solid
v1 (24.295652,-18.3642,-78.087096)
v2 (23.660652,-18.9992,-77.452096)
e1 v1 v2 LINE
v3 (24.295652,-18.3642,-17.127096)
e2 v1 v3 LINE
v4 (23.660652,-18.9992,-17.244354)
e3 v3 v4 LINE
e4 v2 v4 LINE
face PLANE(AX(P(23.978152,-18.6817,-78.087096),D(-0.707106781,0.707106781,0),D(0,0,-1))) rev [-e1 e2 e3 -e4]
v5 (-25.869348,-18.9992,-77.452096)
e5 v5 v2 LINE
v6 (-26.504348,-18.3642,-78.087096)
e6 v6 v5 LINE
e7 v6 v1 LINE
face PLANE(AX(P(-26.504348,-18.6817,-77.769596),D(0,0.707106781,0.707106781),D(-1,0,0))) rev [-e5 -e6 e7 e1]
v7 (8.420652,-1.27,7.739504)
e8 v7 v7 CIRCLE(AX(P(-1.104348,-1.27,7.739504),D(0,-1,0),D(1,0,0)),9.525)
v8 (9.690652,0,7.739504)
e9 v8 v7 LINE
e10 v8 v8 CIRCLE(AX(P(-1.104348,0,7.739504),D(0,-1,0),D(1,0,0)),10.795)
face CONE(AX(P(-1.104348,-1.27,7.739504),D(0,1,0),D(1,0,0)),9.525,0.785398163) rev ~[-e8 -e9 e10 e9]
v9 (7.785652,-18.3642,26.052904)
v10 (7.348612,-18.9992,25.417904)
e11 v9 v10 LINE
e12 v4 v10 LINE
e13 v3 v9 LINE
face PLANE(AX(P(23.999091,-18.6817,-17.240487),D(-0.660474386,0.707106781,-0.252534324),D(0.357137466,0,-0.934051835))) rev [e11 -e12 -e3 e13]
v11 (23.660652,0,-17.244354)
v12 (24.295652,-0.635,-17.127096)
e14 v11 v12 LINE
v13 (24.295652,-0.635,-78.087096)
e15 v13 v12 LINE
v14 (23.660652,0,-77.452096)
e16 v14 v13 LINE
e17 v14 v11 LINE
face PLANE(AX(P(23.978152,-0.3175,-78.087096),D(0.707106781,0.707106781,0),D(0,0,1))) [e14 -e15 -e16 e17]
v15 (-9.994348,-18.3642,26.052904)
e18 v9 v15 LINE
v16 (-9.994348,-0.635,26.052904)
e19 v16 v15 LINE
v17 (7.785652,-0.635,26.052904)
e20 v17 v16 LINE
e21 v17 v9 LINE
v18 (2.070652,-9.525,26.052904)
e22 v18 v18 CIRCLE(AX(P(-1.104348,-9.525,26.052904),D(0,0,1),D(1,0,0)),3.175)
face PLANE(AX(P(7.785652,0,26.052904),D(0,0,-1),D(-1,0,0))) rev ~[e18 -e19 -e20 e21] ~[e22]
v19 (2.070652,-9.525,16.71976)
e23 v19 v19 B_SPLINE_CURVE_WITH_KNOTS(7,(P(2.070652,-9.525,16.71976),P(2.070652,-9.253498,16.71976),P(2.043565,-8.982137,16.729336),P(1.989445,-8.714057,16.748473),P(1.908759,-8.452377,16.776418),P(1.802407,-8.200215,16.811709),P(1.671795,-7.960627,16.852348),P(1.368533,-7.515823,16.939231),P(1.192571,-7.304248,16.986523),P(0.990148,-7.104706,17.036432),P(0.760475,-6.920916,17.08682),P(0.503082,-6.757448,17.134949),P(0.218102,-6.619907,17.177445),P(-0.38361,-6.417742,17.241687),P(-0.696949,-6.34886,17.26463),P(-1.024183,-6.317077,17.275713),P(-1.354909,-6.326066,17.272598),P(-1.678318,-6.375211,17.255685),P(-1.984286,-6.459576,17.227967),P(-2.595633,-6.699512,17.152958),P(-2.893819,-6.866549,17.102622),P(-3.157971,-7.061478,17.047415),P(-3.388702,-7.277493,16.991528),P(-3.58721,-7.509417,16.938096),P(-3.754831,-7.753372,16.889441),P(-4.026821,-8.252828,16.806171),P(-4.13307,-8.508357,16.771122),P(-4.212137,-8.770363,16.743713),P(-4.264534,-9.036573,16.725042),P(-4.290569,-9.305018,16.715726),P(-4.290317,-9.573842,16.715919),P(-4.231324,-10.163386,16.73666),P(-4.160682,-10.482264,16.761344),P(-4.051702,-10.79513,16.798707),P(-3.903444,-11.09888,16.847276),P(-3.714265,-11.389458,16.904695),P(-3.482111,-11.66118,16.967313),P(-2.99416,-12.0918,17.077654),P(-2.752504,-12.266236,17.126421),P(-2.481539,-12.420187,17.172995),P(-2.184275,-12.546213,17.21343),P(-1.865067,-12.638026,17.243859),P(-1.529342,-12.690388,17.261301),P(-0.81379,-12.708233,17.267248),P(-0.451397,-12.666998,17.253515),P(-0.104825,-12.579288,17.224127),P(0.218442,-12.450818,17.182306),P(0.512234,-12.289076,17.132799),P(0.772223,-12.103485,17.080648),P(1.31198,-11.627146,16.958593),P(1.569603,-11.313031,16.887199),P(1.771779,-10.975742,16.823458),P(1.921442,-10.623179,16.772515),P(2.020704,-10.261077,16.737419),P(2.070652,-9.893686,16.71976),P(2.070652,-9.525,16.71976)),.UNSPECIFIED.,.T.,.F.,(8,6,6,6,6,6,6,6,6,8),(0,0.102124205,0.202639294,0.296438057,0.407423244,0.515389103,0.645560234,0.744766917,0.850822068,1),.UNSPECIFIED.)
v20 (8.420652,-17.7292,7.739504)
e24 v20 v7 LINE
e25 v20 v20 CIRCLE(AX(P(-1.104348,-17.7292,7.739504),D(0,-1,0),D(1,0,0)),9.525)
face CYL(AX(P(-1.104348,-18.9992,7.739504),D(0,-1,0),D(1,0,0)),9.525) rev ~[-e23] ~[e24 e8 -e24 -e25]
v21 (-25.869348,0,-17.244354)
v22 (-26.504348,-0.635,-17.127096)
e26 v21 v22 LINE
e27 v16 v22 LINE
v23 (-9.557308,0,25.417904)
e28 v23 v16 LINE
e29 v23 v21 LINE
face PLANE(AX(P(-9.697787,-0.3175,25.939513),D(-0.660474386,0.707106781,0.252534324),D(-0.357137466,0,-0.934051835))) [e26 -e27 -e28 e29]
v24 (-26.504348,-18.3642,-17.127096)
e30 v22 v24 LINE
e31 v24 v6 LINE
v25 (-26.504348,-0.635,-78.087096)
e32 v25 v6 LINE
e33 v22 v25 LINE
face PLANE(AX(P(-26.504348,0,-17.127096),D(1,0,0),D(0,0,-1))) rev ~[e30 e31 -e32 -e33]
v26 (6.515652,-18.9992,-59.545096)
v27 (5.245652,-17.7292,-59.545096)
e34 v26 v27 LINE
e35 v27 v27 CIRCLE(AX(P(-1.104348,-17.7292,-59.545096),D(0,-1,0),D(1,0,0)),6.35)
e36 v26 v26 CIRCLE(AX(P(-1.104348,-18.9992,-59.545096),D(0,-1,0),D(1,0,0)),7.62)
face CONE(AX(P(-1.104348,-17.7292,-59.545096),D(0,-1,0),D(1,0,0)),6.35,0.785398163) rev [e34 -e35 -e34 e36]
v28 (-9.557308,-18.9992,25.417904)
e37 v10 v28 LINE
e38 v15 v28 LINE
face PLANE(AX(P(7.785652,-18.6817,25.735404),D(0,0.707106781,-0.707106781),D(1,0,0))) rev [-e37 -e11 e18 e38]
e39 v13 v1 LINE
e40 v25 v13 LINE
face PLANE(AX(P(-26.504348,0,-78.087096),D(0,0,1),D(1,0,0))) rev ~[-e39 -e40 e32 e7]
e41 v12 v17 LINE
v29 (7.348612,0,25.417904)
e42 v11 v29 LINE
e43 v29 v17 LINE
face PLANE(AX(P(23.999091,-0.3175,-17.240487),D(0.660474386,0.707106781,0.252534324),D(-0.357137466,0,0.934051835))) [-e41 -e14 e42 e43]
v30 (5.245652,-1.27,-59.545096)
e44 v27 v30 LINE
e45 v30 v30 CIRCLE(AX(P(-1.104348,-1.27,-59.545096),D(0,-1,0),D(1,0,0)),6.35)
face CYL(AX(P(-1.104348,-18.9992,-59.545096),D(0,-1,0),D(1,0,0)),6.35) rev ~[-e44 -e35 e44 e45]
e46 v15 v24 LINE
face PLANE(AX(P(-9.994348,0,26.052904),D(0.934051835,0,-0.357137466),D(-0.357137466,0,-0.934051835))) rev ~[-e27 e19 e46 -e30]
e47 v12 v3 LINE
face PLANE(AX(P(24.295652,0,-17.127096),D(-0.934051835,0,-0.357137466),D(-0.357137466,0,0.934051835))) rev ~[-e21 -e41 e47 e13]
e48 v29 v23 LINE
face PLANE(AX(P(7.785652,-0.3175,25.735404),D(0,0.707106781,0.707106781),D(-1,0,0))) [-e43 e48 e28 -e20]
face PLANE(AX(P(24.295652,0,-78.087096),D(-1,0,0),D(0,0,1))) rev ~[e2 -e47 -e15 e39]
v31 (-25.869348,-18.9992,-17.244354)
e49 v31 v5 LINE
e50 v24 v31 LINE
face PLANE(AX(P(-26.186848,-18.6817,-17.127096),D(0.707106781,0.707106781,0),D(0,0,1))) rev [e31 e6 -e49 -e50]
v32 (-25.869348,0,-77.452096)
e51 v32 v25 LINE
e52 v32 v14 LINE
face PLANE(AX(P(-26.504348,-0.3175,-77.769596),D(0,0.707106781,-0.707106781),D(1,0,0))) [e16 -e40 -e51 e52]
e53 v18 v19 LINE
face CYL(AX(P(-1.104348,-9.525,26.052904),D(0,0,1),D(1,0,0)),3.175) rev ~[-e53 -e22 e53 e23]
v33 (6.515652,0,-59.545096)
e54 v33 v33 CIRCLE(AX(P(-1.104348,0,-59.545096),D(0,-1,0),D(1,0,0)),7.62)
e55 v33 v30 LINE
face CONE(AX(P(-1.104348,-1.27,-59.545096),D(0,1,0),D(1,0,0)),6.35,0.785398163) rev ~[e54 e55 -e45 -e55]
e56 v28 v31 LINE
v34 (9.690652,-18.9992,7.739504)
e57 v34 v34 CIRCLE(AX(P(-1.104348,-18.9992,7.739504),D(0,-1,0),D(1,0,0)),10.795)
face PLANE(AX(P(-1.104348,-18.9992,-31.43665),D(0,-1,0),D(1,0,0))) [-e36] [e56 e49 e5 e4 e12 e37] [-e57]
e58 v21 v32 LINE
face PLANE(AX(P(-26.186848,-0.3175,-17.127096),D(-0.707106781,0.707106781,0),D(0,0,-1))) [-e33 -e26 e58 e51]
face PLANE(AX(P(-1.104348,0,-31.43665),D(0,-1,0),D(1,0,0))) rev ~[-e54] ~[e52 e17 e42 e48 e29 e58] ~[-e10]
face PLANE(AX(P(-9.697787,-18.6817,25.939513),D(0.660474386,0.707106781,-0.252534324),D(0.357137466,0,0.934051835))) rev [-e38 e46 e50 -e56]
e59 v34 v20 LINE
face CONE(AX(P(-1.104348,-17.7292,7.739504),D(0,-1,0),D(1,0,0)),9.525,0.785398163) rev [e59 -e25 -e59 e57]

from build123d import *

# Parameters (mm, degrees)
F1_DEPTH = 18.9992
F2_R     = 9.525
F3_DEPTH = 25.4
F4_R     = 6.35
F5_DEPTH = 25.4
F6_R     = 3.175
F7_DEPTH = 12.7
F8_SIZE2 = 1.27
F8_SIZE  = 1.27
F9_SIZE  = 0.635


with BuildPart() as f1:
    # F0 (on Front) → F1 (new body)
    with BuildSketch(Plane.XZ):
        Polygon((7.785652, 26.052904), (-9.994348, 26.052904), (-26.504348, -17.127096), (-26.504348, -78.087096), (24.295652, -78.087096), (24.295652, -17.127096), align=None)
    extrude(amount=F1_DEPTH)

    # F2 (on face) → F3 (cut)
    with BuildSketch(Plane.XZ.offset(18.9992)):
        with Locations((-1.104348, 7.739504)):
            Circle(F2_R)
    extrude(amount=-F3_DEPTH, mode=Mode.SUBTRACT)

    # F4 (on face) → F5 (cut)
    with BuildSketch(Plane.XZ.offset(18.9992)):
        with Locations((-1.104348, -59.545096)):
            Circle(F4_R)
    extrude(amount=-F5_DEPTH, mode=Mode.SUBTRACT)

    # F6 (on face) → F7 (cut)
    with BuildSketch(Plane.XY.offset(26.052904)):
        with Locations((-1.104348, -9.525)):
            Circle(F6_R)
    extrude(amount=-F7_DEPTH, mode=Mode.SUBTRACT)

    # F8
    f8_edges = [f1.edges().sort_by_distance(p)[0] for p in [
        (-10.629348, -18.9992, 7.739504),
        (-7.454348, -18.9992, -59.545096),
        (-10.629348, 0, 7.739504),
        (-7.454348, 0, -59.545096),
    ]]
    chamfer(f8_edges, length=F8_SIZE, length2=F8_SIZE2)

    # F9
    f9_edges = [f1.edges().sort_by_distance(p)[0] for p in [
        (-18.249348, 0, 4.462904),
        (-26.504348, 0, -47.607096),
        (-1.104348, 0, -78.087096),
        (24.295652, 0, -47.607096),
        (16.040652, 0, 4.462904),
        (-1.104348, 0, 26.052904),
        (-26.504348, -18.9992, -47.607096),
        (-1.104348, -18.9992, -78.087096),
        (24.295652, -18.9992, -47.607096),
        (16.040652, -18.9992, 4.462904),
        (-1.104348, -18.9992, 26.052904),
        (-18.249348, -18.9992, 4.462904),
    ]]
    chamfer(f9_edges, length=F9_SIZE)


solid = f1.part
